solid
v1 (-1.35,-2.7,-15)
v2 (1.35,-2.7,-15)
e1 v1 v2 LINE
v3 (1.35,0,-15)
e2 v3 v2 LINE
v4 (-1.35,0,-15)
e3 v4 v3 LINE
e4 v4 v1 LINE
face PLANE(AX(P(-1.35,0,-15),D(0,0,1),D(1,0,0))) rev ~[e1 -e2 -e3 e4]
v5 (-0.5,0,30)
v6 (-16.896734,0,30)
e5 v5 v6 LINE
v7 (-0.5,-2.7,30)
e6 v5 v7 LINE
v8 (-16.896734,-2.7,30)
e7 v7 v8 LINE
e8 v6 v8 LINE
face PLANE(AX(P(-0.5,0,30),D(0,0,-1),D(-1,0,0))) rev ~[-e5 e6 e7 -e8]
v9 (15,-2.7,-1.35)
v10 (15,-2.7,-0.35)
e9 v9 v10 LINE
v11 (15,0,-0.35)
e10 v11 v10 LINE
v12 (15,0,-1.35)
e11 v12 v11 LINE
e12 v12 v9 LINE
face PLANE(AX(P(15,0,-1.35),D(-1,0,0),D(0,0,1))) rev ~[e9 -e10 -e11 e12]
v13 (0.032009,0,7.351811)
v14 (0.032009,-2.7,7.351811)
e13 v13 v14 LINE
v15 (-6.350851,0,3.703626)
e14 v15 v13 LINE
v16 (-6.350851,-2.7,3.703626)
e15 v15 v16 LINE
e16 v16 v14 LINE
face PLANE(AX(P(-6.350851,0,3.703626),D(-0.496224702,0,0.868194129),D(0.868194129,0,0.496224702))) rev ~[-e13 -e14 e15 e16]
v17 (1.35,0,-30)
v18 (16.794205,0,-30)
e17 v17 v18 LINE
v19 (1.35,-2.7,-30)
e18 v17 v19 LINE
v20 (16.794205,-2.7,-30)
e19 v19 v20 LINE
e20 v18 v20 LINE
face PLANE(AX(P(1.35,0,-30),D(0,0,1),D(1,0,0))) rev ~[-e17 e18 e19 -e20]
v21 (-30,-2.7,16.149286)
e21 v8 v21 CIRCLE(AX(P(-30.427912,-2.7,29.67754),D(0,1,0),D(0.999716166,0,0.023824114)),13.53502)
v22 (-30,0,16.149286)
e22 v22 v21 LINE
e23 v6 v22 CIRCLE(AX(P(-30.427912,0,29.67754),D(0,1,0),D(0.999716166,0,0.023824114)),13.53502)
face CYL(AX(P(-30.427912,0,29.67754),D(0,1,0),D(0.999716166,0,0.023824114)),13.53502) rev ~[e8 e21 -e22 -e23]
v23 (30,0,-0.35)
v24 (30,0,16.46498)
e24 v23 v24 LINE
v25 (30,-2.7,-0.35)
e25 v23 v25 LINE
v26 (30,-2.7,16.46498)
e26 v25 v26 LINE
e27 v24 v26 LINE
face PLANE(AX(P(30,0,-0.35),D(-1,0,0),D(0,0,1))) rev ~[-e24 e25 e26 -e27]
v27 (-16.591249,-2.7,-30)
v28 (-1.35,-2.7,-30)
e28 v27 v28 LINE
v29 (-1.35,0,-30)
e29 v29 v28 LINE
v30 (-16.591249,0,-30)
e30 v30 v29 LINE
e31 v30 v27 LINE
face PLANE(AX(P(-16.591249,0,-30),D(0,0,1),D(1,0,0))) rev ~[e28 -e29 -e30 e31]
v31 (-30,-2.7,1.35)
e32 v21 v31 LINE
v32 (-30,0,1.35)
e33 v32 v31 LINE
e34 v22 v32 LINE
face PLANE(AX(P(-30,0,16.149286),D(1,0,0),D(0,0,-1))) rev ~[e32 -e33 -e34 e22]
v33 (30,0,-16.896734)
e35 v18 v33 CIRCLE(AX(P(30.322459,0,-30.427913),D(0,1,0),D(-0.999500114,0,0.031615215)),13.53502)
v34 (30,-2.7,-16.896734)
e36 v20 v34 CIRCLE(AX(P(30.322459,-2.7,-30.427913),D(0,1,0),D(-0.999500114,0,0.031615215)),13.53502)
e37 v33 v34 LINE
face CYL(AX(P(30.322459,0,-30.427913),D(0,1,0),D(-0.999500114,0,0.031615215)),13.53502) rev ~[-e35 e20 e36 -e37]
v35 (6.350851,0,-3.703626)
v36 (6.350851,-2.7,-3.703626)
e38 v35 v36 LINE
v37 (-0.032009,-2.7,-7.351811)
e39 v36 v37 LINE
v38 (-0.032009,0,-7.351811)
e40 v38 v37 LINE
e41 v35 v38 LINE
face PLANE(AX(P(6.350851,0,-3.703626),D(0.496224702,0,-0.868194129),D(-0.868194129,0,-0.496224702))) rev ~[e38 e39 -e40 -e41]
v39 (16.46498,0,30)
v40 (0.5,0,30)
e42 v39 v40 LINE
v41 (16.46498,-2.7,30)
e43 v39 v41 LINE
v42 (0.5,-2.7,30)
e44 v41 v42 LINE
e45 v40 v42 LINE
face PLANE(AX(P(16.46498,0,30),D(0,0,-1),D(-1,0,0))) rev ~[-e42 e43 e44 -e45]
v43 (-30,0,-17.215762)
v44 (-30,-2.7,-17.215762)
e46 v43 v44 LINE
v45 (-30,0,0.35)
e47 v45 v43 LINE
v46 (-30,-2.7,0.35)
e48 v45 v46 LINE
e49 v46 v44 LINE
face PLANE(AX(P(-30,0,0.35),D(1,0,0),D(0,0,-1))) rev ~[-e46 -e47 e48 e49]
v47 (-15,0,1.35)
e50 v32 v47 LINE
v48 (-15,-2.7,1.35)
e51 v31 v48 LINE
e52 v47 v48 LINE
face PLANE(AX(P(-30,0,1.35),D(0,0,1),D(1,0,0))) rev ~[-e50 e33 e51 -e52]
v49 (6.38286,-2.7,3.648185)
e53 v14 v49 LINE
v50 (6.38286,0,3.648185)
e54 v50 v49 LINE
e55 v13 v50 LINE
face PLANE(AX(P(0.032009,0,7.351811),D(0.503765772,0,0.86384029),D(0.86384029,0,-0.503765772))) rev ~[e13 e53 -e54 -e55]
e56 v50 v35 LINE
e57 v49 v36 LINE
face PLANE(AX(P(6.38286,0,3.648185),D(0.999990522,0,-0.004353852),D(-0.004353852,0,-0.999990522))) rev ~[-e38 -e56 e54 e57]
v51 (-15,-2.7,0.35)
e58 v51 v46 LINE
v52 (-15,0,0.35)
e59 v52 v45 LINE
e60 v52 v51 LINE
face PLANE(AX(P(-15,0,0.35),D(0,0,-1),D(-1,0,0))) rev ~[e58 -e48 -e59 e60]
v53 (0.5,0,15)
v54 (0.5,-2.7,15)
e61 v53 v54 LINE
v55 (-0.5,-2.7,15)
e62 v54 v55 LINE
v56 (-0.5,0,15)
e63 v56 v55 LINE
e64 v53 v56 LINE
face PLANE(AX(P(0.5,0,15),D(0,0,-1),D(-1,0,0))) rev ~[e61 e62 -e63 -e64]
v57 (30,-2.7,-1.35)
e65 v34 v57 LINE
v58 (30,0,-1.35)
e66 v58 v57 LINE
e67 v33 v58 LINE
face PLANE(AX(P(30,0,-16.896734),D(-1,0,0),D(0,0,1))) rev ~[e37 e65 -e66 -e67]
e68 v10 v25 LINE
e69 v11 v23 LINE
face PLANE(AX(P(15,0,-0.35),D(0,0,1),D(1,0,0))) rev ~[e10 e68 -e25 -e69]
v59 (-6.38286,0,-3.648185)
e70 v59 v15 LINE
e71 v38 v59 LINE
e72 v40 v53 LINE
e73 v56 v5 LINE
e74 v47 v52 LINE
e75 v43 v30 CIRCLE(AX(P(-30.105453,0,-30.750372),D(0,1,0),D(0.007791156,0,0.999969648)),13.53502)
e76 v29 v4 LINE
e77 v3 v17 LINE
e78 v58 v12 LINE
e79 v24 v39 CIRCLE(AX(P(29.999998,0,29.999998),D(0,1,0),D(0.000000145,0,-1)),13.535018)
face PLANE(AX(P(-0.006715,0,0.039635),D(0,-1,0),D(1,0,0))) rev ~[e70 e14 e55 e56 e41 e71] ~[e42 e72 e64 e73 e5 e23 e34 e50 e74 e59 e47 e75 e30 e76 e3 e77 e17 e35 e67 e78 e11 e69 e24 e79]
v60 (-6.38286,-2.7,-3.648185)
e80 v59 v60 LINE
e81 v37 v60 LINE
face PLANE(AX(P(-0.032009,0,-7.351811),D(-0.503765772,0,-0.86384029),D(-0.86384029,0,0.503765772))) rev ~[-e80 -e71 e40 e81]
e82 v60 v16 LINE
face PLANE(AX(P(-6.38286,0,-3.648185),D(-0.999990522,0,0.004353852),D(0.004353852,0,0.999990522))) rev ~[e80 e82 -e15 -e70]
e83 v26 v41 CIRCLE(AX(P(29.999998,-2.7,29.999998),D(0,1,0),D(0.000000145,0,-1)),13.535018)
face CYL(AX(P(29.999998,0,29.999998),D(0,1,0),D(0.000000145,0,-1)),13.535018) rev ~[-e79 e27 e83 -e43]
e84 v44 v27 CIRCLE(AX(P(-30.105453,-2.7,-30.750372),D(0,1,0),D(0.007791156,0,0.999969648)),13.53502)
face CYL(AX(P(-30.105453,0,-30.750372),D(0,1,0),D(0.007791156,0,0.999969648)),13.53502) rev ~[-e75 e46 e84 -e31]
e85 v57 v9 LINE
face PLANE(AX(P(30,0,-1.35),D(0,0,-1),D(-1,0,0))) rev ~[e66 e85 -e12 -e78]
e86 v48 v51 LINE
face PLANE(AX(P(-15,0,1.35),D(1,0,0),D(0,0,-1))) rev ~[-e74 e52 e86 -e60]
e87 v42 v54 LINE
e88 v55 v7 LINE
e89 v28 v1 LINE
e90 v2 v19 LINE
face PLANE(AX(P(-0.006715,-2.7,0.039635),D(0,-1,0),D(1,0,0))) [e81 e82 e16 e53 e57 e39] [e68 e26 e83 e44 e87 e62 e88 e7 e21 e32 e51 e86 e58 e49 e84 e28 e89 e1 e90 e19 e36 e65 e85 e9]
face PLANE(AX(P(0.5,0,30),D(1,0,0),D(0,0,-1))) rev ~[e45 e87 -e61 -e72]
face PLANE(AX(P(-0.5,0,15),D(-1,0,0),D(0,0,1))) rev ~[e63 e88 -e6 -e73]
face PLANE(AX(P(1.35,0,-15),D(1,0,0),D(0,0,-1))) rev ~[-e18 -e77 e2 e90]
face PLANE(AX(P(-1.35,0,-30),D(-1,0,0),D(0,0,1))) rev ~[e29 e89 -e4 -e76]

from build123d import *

# Parameters (mm, degrees)
F1_DEPTH = 2.7


with BuildPart() as f1:
    # F0 (on Front) → F1 (new body)
    with BuildSketch(Plane.XZ):
        with BuildLine():
            Line((-0.5, 30), (-16.896734, 30))
            ThreePointArc((-16.896734, 30), (-20.595587, 20.375812), (-30, 16.149286))
            Line((-30, 16.149286), (-30, 1.35))
            Line((-30, 1.35), (-15, 1.35))
            Line((-15, 1.35), (-15, 0.35))
            Line((-15, 0.35), (-30, 0.35))
            Line((-30, 0.35), (-30, -17.215762))
            ThreePointArc((-30, -17.215762), (-20.765595, -20.954259), (-16.591249, -30))
            Line((-16.591249, -30), (-1.35, -30))
            Line((-1.35, -30), (-1.35, -15))
            Line((-1.35, -15), (1.35, -15))
            Line((1.35, -15), (1.35, -30))
            Line((1.35, -30), (16.794205, -30))
            ThreePointArc((16.794205, -30), (20.789125, -20.819983), (30, -16.896734))
            Line((30, -16.896734), (30, -1.35))
            Line((30, -1.35), (15, -1.35))
            Line((15, -1.35), (15, -0.35))
            Line((15, -0.35), (30, -0.35))
            Line((30, -0.35), (30, 16.46498))
            ThreePointArc((30, 16.46498), (20.429295, 20.429295), (16.46498, 30))
            Line((16.46498, 30), (0.5, 30))
            Line((0.5, 30), (0.5, 15))
            Line((0.5, 15), (-0.5, 15))
            Line((-0.5, 15), (-0.5, 30))
        make_face()
        Polygon((-6.38286, -3.648185), (-6.350851, 3.703626), (0.032009, 7.351811), (6.38286, 3.648185), (6.350851, -3.703626), (-0.032009, -7.351811), align=None, mode=Mode.SUBTRACT)
    extrude(amount=F1_DEPTH)


solid = f1.part
